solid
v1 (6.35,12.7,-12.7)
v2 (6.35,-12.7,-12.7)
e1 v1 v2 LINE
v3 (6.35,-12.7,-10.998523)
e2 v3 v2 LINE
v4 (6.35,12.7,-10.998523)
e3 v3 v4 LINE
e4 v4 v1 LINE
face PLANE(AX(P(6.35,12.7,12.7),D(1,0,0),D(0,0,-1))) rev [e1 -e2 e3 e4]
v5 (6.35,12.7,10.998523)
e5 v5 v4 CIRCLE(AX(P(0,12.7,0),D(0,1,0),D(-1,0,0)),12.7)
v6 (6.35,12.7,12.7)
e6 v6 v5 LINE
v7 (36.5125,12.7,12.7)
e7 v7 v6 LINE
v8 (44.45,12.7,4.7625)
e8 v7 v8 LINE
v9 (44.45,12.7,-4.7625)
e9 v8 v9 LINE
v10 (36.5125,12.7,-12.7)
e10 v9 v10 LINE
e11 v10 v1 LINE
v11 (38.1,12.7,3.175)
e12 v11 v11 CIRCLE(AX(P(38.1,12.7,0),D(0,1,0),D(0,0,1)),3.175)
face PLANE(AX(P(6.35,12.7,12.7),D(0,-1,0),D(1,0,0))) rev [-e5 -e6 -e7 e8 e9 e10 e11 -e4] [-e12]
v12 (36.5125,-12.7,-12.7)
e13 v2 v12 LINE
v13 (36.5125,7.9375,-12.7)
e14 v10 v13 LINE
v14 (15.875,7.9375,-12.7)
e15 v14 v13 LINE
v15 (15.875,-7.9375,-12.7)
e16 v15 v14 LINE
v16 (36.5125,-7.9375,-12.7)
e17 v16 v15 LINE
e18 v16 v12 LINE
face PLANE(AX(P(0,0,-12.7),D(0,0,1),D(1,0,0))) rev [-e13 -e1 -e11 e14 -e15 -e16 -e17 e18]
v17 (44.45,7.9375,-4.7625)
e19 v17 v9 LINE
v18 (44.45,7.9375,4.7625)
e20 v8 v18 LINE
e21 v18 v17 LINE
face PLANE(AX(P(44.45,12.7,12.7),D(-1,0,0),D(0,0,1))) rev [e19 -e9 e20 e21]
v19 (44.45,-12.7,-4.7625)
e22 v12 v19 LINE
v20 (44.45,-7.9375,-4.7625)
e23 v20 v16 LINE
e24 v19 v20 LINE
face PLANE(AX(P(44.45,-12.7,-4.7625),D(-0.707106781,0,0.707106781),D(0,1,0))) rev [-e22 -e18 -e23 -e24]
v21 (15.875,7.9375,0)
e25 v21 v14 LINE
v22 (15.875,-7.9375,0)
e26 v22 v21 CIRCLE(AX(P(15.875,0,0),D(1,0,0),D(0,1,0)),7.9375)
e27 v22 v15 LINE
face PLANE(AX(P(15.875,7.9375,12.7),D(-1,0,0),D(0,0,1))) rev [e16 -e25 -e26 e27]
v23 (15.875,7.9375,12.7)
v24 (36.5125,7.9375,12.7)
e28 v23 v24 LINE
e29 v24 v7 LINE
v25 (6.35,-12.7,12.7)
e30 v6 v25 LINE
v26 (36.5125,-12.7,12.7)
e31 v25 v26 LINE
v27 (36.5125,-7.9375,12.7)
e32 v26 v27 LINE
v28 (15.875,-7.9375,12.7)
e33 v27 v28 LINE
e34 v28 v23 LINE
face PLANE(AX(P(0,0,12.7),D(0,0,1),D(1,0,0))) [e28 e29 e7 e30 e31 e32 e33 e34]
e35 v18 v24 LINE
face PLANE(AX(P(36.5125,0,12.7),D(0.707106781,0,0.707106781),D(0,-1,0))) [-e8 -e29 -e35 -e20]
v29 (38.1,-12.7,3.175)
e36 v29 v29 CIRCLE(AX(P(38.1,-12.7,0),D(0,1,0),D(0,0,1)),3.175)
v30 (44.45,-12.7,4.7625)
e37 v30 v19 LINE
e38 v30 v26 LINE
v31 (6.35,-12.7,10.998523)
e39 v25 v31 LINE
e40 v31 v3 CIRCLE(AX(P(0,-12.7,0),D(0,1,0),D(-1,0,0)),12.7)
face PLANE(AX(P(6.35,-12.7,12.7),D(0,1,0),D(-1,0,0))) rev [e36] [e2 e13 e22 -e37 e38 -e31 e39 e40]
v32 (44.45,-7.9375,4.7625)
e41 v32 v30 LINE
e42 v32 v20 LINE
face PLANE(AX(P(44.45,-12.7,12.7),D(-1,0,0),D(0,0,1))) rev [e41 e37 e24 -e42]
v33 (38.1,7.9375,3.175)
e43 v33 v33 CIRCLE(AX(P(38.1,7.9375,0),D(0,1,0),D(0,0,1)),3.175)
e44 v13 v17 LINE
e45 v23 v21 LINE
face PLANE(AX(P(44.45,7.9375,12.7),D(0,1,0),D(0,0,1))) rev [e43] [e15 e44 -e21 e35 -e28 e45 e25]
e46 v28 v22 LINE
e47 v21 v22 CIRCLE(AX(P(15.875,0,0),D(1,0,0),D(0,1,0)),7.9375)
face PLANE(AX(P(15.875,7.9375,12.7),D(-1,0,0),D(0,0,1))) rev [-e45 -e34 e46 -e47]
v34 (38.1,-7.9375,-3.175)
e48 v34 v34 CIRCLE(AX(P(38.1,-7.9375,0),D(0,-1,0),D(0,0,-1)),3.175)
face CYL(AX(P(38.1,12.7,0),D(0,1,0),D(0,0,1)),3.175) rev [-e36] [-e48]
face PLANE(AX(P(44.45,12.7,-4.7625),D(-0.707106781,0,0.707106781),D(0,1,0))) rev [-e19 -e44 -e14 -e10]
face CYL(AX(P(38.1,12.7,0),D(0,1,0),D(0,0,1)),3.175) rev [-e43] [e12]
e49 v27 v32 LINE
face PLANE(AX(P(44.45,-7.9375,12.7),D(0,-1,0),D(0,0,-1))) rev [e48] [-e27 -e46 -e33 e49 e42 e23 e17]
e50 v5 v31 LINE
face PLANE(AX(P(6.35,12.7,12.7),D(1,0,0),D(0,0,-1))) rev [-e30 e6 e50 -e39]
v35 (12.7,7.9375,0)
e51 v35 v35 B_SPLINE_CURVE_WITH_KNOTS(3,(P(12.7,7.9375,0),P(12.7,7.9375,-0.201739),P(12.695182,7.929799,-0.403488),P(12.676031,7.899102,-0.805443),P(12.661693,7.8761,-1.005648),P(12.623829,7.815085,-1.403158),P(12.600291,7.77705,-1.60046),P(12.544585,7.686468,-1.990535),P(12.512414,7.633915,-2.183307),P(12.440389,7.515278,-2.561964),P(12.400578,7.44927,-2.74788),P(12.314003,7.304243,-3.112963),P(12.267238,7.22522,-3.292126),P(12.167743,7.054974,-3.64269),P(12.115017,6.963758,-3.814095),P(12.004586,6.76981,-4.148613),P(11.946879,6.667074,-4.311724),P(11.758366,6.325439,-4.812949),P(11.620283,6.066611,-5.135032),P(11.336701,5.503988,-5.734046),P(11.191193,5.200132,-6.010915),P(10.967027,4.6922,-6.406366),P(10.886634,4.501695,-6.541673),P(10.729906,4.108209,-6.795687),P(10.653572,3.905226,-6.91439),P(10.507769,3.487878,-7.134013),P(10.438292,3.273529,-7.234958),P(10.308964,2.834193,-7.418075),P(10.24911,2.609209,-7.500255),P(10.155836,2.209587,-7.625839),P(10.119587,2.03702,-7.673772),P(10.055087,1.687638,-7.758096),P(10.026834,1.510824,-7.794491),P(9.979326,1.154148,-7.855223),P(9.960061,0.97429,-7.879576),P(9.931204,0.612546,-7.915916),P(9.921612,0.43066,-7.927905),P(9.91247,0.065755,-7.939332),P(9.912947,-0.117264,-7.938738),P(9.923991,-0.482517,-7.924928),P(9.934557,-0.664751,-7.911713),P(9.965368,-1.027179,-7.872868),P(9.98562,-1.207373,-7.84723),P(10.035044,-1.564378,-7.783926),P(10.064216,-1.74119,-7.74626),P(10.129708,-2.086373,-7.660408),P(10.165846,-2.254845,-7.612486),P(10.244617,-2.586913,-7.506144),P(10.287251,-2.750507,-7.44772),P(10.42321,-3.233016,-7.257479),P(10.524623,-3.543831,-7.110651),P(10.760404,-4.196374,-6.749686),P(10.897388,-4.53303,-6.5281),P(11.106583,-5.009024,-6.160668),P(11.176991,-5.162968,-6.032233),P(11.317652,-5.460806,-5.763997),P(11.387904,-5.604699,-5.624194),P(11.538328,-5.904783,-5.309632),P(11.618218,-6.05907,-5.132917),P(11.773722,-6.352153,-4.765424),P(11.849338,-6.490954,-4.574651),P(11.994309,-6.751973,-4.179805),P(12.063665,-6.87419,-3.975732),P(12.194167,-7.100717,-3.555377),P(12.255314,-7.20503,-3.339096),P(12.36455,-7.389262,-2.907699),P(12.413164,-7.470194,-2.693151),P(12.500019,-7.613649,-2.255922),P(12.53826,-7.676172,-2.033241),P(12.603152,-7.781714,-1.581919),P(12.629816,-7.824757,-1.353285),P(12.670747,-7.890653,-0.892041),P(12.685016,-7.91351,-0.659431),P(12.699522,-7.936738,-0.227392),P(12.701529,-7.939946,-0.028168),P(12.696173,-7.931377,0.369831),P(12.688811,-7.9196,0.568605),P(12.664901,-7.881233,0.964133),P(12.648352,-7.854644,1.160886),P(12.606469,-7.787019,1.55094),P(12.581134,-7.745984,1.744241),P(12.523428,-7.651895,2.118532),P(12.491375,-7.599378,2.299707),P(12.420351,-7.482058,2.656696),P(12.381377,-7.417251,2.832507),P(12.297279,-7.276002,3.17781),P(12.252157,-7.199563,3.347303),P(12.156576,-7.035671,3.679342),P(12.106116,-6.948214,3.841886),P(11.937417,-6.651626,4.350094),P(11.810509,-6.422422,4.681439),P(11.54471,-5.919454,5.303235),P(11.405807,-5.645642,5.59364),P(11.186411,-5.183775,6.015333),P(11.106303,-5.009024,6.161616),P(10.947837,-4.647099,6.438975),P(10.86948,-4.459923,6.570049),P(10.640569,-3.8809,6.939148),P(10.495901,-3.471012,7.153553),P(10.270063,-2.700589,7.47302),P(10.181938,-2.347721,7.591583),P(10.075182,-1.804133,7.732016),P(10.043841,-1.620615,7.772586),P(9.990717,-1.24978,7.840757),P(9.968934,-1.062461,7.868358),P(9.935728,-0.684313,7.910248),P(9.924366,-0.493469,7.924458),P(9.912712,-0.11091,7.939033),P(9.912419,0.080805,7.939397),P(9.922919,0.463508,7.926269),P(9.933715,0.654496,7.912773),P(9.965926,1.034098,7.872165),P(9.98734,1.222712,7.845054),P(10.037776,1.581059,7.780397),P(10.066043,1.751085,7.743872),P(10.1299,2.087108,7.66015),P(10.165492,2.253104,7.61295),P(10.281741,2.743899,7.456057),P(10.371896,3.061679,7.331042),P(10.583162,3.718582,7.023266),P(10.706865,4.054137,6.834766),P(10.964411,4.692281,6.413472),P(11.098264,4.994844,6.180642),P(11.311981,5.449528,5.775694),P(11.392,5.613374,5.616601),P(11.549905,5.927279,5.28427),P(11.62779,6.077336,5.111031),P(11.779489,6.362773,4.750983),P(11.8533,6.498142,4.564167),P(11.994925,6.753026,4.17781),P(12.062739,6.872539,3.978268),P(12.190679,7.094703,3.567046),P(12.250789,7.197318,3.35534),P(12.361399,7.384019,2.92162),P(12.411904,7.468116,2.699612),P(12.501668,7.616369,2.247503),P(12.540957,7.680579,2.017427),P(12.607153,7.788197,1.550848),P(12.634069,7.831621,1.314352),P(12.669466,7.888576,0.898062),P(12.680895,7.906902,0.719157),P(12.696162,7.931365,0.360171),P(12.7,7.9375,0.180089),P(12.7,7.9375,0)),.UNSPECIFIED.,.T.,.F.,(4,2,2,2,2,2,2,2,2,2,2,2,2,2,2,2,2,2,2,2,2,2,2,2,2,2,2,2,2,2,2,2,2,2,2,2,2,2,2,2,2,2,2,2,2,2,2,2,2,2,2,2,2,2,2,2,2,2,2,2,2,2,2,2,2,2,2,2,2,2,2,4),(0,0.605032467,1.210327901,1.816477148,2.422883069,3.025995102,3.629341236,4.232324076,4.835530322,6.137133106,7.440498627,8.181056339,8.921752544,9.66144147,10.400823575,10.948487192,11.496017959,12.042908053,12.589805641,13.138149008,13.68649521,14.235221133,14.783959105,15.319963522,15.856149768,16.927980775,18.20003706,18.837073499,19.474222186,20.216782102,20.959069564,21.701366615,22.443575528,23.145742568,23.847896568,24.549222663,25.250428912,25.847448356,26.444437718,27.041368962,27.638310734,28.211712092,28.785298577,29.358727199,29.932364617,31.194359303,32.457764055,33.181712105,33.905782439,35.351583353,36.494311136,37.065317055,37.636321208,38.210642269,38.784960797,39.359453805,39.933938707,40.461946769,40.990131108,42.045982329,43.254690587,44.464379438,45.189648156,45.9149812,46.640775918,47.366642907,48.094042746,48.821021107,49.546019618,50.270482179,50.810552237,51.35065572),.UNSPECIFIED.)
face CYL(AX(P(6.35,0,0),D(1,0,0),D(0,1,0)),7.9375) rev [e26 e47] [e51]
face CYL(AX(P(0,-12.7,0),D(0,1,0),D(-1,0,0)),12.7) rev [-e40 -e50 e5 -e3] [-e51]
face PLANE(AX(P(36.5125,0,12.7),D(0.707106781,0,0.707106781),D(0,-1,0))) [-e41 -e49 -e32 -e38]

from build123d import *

# Parameters (mm, degrees)
BOSS_EXTRUDE1_DEPTH         = 12.7
F_1_4_0_25_DIAMETER_HOLE1_D = 6.35
CHAMFER1_SIZE               = 7.9375
SKETCH6_R                   = 7.9375
CUT_EXTRUDE1_DEPTH          = 10.525
SKETCH7_R                   = 12.7
CUT_EXTRUDE2_DEPTH          = 26.4


with BuildPart() as part:
    # Sketch1 → Boss-Extrude1 (new body, symmetric)
    with BuildSketch(Plane.XY):
        Polygon((6.35, 12.7), (44.45, 12.7), (44.45, 7.9375), (15.875, 7.9375), (15.875, -7.9375), (44.45, -7.9375), (44.45, -12.7), (6.35, -12.7), align=None)
    extrude(amount=BOSS_EXTRUDE1_DEPTH, both=True)

    # 1/4 (0.25) Diameter Hole1 (through all)
    with Locations(Plane(origin=(0, 12.7, 0), x_dir=(1, 0, 0), z_dir=(0, 1, 0))):
        with Locations((38.1, 0)):
            Hole(F_1_4_0_25_DIAMETER_HOLE1_D / 2)

    # Chamfer1
    chamfer1_edges = [part.edges().sort_by_distance(p)[0] for p in [
        (44.45, 10.31875, 12.7),
        (44.45, -10.31875, 12.7),
        (44.45, -10.31875, -12.7),
        (44.45, 10.31875, -12.7),
    ]]
    chamfer(chamfer1_edges, length=CHAMFER1_SIZE)

    # Sketch6 → Cut-Extrude1 (cut, through all)
    with BuildSketch(Plane(origin=(15.875, 0, 0), x_dir=(0, 0, -1), z_dir=(1, 0, 0))):
        Circle(SKETCH6_R)
    extrude(amount=-CUT_EXTRUDE1_DEPTH, mode=Mode.SUBTRACT)

    # Sketch7 → Cut-Extrude2 (cut, through all)
    with BuildSketch(Plane(origin=(0, 12.7, 0), x_dir=(1, 0, 0), z_dir=(0, 1, 0))):
        Circle(SKETCH7_R)
    extrude(amount=-CUT_EXTRUDE2_DEPTH, mode=Mode.SUBTRACT)


solid = part.part
